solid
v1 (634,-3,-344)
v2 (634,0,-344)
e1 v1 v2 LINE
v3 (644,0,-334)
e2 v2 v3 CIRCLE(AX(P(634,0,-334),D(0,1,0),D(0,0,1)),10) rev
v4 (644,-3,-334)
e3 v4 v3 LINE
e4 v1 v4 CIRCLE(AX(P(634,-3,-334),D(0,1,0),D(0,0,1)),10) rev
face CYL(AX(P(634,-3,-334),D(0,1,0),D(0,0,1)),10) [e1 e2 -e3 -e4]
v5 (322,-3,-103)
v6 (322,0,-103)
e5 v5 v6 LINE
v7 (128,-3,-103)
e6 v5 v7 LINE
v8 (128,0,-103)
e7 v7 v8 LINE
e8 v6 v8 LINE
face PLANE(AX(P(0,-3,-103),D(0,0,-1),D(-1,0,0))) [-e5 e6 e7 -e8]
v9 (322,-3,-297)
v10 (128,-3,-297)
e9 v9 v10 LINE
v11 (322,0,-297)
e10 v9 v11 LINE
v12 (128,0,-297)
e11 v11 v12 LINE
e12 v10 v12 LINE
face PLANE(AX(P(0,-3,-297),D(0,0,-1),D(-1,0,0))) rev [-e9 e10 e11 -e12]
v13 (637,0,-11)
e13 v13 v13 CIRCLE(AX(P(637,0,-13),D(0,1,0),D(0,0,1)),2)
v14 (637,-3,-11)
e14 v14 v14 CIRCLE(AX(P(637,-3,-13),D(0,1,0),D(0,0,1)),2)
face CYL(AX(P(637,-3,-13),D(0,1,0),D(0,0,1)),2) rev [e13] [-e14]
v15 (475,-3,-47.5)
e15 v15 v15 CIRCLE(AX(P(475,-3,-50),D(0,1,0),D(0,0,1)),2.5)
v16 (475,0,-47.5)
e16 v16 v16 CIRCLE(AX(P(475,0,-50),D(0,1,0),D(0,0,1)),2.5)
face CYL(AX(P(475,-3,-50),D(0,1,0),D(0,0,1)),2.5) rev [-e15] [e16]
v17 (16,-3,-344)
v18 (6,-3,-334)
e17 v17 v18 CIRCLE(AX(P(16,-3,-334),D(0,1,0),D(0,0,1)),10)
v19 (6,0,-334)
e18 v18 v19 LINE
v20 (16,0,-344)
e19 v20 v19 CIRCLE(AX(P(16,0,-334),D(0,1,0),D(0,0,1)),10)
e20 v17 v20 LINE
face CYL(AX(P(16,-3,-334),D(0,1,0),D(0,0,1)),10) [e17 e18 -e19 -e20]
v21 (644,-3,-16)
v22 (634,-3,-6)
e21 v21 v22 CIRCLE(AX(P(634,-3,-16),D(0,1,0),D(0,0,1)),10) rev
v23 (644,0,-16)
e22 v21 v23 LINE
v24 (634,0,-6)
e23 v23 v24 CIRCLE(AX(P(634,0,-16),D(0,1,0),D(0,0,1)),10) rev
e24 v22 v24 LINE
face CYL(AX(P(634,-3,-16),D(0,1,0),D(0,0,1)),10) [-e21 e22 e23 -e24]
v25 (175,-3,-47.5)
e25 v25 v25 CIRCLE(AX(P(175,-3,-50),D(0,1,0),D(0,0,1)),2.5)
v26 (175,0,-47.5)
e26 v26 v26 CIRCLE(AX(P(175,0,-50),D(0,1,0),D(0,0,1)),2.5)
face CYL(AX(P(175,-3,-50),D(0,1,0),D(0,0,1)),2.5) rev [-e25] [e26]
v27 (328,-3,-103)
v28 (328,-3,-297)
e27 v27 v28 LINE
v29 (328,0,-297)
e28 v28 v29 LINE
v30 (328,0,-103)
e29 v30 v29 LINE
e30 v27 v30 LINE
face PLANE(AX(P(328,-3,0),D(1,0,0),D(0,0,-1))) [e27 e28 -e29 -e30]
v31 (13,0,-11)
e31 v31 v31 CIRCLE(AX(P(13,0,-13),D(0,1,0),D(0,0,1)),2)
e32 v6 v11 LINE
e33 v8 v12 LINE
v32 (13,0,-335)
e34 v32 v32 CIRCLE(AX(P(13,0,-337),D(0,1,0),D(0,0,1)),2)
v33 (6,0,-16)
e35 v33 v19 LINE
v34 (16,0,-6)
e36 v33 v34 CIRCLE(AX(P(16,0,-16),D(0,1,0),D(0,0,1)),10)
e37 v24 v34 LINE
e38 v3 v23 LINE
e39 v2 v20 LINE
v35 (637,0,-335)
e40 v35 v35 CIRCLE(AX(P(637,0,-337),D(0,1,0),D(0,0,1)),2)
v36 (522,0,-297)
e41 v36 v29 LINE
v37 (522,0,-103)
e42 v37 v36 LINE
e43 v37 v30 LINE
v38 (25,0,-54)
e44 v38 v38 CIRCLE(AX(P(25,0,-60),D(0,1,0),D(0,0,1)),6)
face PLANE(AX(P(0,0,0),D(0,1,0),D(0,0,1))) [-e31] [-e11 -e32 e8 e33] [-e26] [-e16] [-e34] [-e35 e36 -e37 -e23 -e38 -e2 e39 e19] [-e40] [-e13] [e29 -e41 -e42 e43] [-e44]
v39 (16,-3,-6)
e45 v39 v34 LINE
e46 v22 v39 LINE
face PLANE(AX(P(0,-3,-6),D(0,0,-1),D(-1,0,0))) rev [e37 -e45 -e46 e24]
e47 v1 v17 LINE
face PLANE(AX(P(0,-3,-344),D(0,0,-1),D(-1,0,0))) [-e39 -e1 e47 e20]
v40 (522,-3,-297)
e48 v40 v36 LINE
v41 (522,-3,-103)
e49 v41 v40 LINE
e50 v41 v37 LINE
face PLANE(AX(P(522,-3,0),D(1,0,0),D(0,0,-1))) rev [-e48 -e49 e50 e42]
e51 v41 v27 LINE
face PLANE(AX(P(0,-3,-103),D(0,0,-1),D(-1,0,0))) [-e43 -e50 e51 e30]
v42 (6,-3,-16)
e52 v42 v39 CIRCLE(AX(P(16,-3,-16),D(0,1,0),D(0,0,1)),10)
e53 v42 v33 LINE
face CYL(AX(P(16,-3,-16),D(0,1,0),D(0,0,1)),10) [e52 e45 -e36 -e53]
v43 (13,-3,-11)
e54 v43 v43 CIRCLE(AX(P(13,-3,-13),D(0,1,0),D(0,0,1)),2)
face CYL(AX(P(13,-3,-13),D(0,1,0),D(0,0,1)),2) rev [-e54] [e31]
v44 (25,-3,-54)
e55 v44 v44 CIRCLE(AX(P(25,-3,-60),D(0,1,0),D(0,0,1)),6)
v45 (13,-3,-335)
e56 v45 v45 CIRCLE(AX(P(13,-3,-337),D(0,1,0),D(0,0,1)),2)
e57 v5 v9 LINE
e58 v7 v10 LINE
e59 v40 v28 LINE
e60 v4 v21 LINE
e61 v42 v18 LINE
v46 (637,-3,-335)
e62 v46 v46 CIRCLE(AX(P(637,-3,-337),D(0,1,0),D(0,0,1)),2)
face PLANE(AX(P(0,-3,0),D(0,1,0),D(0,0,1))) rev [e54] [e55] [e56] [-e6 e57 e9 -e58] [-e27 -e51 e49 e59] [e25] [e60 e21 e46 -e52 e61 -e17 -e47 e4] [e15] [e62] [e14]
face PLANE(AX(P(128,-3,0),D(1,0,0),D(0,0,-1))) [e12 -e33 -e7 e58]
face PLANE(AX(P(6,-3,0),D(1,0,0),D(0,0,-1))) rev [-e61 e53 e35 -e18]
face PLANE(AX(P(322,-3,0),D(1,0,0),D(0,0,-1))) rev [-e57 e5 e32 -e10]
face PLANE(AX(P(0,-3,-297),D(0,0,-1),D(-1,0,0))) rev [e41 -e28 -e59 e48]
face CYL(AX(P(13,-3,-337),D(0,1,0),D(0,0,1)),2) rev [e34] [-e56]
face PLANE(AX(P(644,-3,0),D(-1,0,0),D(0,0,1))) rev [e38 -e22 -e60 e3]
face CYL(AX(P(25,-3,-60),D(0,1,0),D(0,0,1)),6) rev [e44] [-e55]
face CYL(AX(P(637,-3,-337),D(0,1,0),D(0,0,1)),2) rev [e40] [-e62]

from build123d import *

# Parameters (mm, degrees)
SKETCH_1_R      = 2
SKETCH_1_R_2    = 6
SKETCH_1_R_3    = 2.5
EXTRUDE_1_DEPTH = 3


with BuildPart() as part:
    # 草图1 → 凸台-拉伸1 (new body)
    with BuildSketch(Plane(origin=(0, 0, 0), x_dir=(1, 0, 0), z_dir=(0, 1, 0))):
        with BuildLine():
            Line((630, 344), (20, 344))
            Line((20, 344), (16, 344))
            ThreePointArc((16, 344), (8.928932188, 341.071067812), (6, 334))
            Line((6, 334), (6, 330))
            Line((6, 330), (6, 20))
            Line((6, 20), (6, 16))
            ThreePointArc((6, 16), (8.928932188, 8.928932188), (16, 6))
            Line((16, 6), (20, 6))
            Line((20, 6), (630, 6))
            Line((630, 6), (634, 6))
            ThreePointArc((634, 6), (641.071067812, 8.928932188), (644, 16))
            Line((644, 16), (644, 20))
            Line((644, 20), (644, 330))
            Line((644, 330), (644, 334))
            ThreePointArc((644, 334), (641.071067812, 341.071067812), (634, 344))
            Line((634, 344), (630, 344))
        make_face()
        with Locations(Location((13, 13, 0), (0, 0, 270))):
            Circle(SKETCH_1_R, mode=Mode.SUBTRACT)
        with Locations(Location((25, 60, 0), (0, 0, 270))):
            Circle(SKETCH_1_R_2, mode=Mode.SUBTRACT)
        with Locations(Location((175, 50, 0), (0, 0, 270))):
            Circle(SKETCH_1_R_3, mode=Mode.SUBTRACT)
        with Locations(Location((475, 50, 0), (0, 0, 270))):
            Circle(SKETCH_1_R_3, mode=Mode.SUBTRACT)
        with Locations(Location((637, 13, 0), (0, 0, 270))):
            Circle(SKETCH_1_R, mode=Mode.SUBTRACT)
        Polygon((322, 297), (322, 175), (322, 103), (128, 103), (128, 297), align=None, mode=Mode.SUBTRACT)
        with Locations(Location((13, 337, 0), (0, 0, 270))):
            Circle(SKETCH_1_R, mode=Mode.SUBTRACT)
        Polygon((522, 297), (522, 103), (328, 103), (328, 175), (328, 297), align=None, mode=Mode.SUBTRACT)
        with Locations(Location((637, 337, 0), (0, 0, 270))):
            Circle(SKETCH_1_R, mode=Mode.SUBTRACT)
    extrude(amount=-EXTRUDE_1_DEPTH)


solid = part.part
